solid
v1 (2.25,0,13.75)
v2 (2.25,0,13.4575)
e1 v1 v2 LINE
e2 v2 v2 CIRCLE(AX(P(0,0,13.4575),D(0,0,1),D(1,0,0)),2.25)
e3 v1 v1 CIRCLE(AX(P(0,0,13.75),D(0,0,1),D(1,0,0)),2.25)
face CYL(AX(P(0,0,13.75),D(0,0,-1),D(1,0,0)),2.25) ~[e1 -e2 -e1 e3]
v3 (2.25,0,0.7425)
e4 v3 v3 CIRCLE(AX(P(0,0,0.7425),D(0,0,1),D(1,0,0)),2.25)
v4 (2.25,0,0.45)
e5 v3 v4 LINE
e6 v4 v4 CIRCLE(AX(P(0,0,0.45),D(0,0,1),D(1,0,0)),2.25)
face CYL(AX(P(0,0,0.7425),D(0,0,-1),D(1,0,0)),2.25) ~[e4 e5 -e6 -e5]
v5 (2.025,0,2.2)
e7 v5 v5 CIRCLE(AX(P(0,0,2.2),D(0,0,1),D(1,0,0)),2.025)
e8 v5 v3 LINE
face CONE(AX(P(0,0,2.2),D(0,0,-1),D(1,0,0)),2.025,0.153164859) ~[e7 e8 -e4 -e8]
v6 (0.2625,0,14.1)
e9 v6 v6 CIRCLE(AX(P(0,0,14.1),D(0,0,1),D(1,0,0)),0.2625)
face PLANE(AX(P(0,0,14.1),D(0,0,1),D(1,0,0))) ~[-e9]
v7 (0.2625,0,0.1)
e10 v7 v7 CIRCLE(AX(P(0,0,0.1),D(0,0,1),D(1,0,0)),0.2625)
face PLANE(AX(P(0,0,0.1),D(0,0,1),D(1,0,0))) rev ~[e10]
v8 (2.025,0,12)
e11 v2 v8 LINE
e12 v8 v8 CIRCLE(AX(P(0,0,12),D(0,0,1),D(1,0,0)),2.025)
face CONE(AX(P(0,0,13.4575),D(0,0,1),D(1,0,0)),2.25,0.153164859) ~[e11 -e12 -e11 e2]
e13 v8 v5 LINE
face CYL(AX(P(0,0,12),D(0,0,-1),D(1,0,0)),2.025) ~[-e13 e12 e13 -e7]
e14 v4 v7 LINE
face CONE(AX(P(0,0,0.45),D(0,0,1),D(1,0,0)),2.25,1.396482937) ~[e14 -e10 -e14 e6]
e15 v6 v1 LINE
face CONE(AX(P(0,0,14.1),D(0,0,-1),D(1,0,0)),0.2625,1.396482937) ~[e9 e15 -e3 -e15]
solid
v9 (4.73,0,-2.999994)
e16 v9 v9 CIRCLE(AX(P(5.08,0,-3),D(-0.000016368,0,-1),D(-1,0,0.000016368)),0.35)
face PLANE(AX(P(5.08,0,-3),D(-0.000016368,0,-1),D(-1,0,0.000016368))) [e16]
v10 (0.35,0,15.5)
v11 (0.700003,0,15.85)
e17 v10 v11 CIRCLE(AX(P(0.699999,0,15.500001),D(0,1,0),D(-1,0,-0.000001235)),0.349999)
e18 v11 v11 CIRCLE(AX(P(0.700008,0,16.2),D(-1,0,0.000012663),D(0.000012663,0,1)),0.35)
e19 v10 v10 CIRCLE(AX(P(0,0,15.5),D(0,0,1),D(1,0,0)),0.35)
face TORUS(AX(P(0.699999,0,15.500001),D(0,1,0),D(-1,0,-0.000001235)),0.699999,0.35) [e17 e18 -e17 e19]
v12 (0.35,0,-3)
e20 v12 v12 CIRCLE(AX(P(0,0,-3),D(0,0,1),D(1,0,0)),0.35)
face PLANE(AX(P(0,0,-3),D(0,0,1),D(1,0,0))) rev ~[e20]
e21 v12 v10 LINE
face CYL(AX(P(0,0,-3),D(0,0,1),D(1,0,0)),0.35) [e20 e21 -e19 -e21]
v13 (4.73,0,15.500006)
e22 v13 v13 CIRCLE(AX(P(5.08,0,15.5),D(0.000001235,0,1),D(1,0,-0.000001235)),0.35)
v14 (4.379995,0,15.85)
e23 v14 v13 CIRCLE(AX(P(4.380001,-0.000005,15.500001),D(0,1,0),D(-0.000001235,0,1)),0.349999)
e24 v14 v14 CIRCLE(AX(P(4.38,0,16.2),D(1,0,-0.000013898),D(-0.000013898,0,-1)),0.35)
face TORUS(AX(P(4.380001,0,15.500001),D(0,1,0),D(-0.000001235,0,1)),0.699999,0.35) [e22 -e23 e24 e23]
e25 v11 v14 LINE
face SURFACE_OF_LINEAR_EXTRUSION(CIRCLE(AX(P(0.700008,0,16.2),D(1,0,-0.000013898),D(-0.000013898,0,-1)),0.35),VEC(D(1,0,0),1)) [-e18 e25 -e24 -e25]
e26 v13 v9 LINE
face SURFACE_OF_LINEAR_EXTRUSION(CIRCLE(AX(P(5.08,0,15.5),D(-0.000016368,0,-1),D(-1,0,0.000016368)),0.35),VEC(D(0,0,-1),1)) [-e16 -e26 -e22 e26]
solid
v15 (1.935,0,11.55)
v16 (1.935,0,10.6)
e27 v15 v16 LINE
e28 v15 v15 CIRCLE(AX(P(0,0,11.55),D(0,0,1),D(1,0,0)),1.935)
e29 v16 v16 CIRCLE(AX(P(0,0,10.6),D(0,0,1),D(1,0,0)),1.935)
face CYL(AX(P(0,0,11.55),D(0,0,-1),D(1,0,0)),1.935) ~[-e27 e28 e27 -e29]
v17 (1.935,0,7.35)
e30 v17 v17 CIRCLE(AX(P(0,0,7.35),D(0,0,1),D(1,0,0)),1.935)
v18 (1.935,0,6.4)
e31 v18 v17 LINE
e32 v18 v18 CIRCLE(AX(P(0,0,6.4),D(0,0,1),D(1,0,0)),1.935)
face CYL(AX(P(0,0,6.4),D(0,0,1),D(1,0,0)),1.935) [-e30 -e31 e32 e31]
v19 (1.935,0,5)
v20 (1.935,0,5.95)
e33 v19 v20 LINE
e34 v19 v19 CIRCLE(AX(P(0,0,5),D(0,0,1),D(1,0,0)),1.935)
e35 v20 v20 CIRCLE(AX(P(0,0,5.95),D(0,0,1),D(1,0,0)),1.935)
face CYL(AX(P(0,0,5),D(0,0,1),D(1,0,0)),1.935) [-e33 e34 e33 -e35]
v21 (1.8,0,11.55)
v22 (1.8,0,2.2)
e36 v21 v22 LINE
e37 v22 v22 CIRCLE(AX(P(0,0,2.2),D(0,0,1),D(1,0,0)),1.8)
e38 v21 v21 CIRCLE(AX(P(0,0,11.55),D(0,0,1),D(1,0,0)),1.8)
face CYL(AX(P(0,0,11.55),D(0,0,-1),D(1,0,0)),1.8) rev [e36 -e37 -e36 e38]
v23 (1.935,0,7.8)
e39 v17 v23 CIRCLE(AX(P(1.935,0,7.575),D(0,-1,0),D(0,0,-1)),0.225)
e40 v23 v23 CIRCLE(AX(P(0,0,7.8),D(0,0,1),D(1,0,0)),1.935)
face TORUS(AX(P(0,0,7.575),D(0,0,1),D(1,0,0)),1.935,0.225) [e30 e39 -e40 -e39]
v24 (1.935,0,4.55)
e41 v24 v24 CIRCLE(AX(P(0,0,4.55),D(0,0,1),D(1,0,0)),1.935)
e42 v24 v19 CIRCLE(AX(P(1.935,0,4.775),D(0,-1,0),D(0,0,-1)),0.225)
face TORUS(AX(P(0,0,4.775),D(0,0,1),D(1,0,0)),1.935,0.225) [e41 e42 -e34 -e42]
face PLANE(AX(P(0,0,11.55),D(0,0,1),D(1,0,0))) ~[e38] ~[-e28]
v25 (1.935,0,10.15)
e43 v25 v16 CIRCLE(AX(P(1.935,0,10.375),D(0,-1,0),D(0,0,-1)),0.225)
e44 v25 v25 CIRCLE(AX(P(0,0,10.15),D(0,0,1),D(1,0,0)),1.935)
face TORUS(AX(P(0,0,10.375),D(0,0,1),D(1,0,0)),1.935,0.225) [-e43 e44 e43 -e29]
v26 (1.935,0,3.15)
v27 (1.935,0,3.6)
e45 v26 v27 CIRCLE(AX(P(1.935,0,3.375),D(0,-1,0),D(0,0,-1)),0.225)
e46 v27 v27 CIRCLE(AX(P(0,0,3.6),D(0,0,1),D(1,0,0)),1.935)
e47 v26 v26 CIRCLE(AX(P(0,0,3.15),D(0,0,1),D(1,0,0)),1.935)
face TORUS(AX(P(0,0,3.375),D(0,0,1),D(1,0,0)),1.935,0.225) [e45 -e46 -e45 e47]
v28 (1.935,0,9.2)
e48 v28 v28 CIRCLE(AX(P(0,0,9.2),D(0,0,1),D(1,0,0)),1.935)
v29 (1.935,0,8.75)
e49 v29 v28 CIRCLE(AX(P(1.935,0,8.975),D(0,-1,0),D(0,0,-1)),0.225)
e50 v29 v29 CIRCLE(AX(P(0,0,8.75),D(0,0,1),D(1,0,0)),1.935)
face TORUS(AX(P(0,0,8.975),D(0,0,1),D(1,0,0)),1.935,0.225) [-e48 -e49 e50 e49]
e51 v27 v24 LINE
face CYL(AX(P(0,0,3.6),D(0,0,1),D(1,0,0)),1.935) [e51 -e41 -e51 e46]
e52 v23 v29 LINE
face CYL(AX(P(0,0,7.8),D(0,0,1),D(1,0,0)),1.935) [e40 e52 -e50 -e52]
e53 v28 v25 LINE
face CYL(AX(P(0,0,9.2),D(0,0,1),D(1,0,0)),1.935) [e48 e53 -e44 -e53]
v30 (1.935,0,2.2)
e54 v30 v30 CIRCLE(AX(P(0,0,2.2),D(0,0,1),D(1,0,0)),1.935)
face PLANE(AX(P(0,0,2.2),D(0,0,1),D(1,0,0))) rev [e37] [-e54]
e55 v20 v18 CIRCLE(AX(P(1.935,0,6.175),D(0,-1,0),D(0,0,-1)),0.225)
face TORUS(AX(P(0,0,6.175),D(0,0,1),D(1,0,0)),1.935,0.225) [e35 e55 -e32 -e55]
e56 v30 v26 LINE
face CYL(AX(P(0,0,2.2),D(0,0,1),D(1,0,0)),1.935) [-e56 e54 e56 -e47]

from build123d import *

# Parameters (mm, degrees)
SKETCH_R = 0.35


with BuildPart() as sweep_body:
    # Sweep: sweep along a path in Sketch001
    with BuildLine(Plane.XZ) as sweep_path:
        Line((0, -3), (0, 15.5))
        ThreePointArc((0, 15.5), (0.205028, 15.994978), (0.700008, 16.2))
        Line((0.700008, 16.2), (4.38, 16.2))
        ThreePointArc((4.38, 16.2), (4.874975, 15.994975), (5.08, 15.5))
        Line((5.08, 15.5), (5.08, -3))
    # Sketch → Sweep (sweep)
    with BuildSketch(Plane.XY.offset(-2)):
        Circle(SKETCH_R)
    sweep(path=sweep_path.line)


with BuildPart() as revolution:
    # Sketch002 → Revolution (revolve)
    with BuildSketch(Plane.XZ):
        Polygon((0, 0.1), (0, 14.1), (0.2625, 14.1), (2.25, 13.75), (2.25, 13.4575), (2.025, 12), (2.025, 2.2), (2.25, 0.7425), (2.25, 0.45), (0.2625, 0.1), align=None)
    revolve(axis=Axis((0, 0, 0), (0, 0, 1)))


with BuildPart() as revolution001:
    # Sketch003 → Revolution001 (revolve)
    with BuildSketch(Plane.XZ):
        with BuildLine():
            Line((1.8, 11.55), (1.8, 2.2))
            Line((1.8, 2.2), (1.935, 2.2))
            Line((1.935, 2.2), (1.935, 3.15))
            ThreePointArc((1.935, 3.15), (2.16, 3.375), (1.935, 3.6))
            Line((1.935, 3.6), (1.935, 4.55))
            ThreePointArc((1.935, 4.55), (2.16, 4.775), (1.935, 5))
            Line((1.935, 5), (1.935, 5.95))
            ThreePointArc((1.935, 5.95), (2.16, 6.175), (1.935, 6.4))
            Line((1.935, 6.4), (1.935, 7.35))
            ThreePointArc((1.935, 7.35), (2.16, 7.575), (1.935, 7.8))
            Line((1.935, 7.8), (1.935, 8.75))
            ThreePointArc((1.935, 8.75), (2.16, 8.975), (1.935, 9.2))
            Line((1.935, 9.2), (1.935, 10.15))
            ThreePointArc((1.935, 10.15), (2.16, 10.375), (1.935, 10.6))
            Line((1.935, 11.55), (1.935, 10.6))
            Line((1.8, 11.55), (1.935, 11.55))
        make_face()
    revolve(axis=Axis((0, 0, 0), (0, 0, 1)))


solid = Compound([sweep_body.part, revolution.part, revolution001.part])
